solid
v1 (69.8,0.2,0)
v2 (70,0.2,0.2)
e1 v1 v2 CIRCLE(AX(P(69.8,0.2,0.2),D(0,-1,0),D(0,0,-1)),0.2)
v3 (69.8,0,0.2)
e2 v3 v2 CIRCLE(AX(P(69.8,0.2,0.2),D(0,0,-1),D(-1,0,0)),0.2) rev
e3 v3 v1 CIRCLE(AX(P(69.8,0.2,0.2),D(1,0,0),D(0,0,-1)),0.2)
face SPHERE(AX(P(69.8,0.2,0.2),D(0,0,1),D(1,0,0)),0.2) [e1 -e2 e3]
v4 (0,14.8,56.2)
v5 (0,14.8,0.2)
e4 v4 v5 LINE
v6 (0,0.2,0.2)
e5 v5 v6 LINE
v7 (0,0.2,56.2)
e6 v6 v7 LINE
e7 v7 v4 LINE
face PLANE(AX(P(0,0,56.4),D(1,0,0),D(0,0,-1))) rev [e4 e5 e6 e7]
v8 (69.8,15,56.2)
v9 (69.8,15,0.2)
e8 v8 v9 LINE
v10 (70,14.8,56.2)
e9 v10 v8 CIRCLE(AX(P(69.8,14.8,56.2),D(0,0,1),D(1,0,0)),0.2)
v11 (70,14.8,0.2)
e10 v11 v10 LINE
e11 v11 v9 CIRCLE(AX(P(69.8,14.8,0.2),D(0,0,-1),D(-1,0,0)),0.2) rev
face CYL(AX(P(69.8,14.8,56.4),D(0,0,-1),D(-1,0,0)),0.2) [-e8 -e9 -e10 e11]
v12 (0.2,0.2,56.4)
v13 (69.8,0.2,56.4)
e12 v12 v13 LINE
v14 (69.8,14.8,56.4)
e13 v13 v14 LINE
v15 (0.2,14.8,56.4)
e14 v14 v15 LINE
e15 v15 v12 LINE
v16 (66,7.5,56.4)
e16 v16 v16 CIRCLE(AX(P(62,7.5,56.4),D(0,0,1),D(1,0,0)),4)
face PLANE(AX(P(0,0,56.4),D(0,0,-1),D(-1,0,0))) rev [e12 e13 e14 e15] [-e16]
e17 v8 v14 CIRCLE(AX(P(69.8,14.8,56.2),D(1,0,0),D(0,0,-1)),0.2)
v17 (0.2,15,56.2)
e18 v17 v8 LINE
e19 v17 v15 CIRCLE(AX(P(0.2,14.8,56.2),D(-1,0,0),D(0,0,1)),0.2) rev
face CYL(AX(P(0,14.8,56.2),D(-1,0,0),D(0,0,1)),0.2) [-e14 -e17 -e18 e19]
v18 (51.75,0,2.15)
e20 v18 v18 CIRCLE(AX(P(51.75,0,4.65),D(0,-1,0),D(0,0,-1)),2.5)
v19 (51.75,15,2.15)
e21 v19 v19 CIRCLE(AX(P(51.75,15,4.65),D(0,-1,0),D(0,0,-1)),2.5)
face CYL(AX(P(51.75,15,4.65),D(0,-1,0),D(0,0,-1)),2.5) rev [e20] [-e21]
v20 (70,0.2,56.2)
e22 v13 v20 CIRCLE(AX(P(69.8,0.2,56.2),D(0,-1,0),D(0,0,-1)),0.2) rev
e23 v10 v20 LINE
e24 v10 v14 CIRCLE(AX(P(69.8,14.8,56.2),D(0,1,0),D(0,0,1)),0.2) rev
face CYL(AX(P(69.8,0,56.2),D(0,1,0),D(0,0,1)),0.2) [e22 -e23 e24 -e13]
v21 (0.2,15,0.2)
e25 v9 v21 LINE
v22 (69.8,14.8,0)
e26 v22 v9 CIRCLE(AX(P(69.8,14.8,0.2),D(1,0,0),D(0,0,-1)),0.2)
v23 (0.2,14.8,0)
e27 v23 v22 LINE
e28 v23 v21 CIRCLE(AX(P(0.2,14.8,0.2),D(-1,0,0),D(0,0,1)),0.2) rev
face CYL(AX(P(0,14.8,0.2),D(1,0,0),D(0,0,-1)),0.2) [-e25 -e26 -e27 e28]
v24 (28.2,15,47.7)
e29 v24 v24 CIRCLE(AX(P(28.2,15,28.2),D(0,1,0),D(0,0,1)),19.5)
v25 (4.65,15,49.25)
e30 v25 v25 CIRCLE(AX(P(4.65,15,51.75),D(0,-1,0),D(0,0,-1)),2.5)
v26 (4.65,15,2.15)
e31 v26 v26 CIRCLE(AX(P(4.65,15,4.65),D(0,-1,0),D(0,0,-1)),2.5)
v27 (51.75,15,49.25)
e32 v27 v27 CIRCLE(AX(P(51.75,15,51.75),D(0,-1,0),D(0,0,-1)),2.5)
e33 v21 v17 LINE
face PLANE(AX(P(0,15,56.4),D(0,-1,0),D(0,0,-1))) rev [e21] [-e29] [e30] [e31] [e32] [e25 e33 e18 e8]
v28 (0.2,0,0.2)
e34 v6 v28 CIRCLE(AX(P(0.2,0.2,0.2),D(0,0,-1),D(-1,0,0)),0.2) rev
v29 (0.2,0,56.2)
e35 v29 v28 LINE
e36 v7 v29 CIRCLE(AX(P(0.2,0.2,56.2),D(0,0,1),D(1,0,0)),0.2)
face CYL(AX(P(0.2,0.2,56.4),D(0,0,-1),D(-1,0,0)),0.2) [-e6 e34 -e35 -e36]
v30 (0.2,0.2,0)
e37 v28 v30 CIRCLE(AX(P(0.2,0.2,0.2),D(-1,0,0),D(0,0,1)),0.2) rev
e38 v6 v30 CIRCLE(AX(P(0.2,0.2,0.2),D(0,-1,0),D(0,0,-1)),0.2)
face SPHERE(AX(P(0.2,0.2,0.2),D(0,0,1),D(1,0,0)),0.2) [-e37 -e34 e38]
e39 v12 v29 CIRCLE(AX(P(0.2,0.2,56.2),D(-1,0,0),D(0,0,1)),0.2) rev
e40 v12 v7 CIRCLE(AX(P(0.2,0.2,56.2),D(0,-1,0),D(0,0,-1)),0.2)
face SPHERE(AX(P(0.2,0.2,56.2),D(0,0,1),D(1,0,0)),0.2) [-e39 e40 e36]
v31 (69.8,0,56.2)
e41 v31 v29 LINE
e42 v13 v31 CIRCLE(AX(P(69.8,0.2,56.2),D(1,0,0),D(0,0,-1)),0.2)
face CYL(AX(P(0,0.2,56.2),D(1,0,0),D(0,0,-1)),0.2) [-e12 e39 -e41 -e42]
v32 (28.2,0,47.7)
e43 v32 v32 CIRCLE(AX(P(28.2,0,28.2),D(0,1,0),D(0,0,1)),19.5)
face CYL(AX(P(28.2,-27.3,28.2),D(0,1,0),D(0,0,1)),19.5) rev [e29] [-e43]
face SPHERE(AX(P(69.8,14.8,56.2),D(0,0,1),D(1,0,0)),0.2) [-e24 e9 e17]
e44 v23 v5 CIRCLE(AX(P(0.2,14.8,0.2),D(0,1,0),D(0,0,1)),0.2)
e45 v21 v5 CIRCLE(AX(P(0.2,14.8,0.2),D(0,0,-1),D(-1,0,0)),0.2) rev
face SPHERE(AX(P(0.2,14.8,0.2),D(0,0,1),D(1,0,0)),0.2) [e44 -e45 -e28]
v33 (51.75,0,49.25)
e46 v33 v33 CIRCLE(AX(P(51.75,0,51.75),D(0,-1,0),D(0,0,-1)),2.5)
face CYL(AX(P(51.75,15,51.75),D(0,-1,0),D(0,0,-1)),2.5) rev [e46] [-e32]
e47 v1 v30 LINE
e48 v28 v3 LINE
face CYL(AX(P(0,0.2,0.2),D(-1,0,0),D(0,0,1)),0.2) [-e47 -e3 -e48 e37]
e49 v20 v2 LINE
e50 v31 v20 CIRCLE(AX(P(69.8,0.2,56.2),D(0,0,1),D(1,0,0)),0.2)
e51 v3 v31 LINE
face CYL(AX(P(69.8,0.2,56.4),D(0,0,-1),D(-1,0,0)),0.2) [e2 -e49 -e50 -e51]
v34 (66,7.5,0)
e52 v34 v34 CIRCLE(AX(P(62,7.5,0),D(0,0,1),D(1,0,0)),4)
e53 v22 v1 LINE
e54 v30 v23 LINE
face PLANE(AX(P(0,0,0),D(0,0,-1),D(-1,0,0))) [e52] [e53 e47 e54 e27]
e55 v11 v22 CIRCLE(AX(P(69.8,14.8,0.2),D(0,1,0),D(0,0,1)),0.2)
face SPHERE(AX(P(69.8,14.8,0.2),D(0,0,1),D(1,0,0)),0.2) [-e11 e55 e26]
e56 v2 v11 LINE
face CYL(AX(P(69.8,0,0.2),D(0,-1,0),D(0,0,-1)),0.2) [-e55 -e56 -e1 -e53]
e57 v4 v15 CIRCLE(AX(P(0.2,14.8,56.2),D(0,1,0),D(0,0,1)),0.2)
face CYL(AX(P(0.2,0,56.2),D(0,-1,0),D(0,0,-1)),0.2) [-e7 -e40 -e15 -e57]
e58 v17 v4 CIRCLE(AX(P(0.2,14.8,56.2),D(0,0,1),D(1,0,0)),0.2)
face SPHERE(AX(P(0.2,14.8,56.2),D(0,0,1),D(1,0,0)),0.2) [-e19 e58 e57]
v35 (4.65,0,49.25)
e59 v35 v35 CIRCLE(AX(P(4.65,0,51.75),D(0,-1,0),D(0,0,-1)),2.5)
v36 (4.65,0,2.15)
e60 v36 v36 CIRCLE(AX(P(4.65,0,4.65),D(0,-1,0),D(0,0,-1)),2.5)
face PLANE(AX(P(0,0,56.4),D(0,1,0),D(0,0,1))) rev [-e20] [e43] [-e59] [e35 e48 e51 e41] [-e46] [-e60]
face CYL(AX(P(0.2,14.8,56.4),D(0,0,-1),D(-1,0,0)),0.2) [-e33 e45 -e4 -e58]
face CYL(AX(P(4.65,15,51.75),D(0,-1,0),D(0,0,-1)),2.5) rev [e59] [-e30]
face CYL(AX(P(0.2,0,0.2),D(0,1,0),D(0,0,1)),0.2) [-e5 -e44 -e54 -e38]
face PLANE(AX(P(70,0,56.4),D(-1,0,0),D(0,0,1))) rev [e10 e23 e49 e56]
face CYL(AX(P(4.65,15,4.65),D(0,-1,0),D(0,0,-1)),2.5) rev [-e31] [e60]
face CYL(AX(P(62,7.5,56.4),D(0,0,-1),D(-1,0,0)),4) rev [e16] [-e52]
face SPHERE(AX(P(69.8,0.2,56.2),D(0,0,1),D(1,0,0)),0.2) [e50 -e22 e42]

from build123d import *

# Parameters (mm, degrees)
SKETCH1_W           = 70
SKETCH1_H           = 15
SKETCH1_R           = 4
BOSS_EXTRUDE1_DEPTH = 56.4
SKETCH2_R           = 19.5
CUT_EXTRUDE1_DEPTH  = 42.3
SKETCH3_R           = 2.5
CUT_EXTRUDE2_DEPTH  = 92.137039671
FILLET1_R           = 0.2


with BuildPart() as part:
    # Sketch1 → Boss-Extrude1 (new body)
    with BuildSketch(Plane.XY):
        with Locations((35, 7.5)):
            Rectangle(SKETCH1_W, SKETCH1_H)
        with Locations((62, 7.5)):
            Circle(SKETCH1_R, mode=Mode.SUBTRACT)
    extrude(amount=BOSS_EXTRUDE1_DEPTH)

    # Sketch2 → Cut-Extrude1 (cut)
    with BuildSketch(Plane(origin=(0, 15, 0), x_dir=(1, 0, 0), z_dir=(0, 1, 0))):
        with Locations(Location((28.2, -28.2, 0), (0, 0, 270))):
            Circle(SKETCH2_R)
    extrude(amount=-CUT_EXTRUDE1_DEPTH, mode=Mode.SUBTRACT)

    # Sketch3 → Cut-Extrude2 (cut, through all)
    with BuildSketch(Plane(origin=(0, 0, 0), x_dir=(-1, 0, 0), z_dir=(0, -1, 0))):
        with Locations(Location((-51.75, -4.65, 0), (0, 0, 90))):
            Circle(SKETCH3_R)
        with Locations(Location((-4.65, -4.65, 0), (0, 0, 90))):
            Circle(SKETCH3_R)
        with Locations(Location((-4.65, -51.75, 0), (0, 0, 90))):
            Circle(SKETCH3_R)
        with Locations(Location((-51.75, -51.75, 0), (0, 0, 90))):
            Circle(SKETCH3_R)
    extrude(amount=-CUT_EXTRUDE2_DEPTH, mode=Mode.SUBTRACT)

    # Fillet1
    fillet1_edges = [part.edges().sort_by_distance(p)[0] for p in [
        (70, 7.5, 56.4),
        (35, 15, 56.4),
        (0, 7.5, 56.4),
        (35, 15, 0),
        (70, 7.5, 0),
        (35, 0, 0),
        (0, 7.5, 0),
        (35, 0, 56.4),
        (0, 15, 28.2),
        (70, 15, 28.2),
        (70, 0, 28.2),
        (0, 0, 28.2),
    ]]
    fillet(fillet1_edges, radius=FILLET1_R)


solid = part.part
